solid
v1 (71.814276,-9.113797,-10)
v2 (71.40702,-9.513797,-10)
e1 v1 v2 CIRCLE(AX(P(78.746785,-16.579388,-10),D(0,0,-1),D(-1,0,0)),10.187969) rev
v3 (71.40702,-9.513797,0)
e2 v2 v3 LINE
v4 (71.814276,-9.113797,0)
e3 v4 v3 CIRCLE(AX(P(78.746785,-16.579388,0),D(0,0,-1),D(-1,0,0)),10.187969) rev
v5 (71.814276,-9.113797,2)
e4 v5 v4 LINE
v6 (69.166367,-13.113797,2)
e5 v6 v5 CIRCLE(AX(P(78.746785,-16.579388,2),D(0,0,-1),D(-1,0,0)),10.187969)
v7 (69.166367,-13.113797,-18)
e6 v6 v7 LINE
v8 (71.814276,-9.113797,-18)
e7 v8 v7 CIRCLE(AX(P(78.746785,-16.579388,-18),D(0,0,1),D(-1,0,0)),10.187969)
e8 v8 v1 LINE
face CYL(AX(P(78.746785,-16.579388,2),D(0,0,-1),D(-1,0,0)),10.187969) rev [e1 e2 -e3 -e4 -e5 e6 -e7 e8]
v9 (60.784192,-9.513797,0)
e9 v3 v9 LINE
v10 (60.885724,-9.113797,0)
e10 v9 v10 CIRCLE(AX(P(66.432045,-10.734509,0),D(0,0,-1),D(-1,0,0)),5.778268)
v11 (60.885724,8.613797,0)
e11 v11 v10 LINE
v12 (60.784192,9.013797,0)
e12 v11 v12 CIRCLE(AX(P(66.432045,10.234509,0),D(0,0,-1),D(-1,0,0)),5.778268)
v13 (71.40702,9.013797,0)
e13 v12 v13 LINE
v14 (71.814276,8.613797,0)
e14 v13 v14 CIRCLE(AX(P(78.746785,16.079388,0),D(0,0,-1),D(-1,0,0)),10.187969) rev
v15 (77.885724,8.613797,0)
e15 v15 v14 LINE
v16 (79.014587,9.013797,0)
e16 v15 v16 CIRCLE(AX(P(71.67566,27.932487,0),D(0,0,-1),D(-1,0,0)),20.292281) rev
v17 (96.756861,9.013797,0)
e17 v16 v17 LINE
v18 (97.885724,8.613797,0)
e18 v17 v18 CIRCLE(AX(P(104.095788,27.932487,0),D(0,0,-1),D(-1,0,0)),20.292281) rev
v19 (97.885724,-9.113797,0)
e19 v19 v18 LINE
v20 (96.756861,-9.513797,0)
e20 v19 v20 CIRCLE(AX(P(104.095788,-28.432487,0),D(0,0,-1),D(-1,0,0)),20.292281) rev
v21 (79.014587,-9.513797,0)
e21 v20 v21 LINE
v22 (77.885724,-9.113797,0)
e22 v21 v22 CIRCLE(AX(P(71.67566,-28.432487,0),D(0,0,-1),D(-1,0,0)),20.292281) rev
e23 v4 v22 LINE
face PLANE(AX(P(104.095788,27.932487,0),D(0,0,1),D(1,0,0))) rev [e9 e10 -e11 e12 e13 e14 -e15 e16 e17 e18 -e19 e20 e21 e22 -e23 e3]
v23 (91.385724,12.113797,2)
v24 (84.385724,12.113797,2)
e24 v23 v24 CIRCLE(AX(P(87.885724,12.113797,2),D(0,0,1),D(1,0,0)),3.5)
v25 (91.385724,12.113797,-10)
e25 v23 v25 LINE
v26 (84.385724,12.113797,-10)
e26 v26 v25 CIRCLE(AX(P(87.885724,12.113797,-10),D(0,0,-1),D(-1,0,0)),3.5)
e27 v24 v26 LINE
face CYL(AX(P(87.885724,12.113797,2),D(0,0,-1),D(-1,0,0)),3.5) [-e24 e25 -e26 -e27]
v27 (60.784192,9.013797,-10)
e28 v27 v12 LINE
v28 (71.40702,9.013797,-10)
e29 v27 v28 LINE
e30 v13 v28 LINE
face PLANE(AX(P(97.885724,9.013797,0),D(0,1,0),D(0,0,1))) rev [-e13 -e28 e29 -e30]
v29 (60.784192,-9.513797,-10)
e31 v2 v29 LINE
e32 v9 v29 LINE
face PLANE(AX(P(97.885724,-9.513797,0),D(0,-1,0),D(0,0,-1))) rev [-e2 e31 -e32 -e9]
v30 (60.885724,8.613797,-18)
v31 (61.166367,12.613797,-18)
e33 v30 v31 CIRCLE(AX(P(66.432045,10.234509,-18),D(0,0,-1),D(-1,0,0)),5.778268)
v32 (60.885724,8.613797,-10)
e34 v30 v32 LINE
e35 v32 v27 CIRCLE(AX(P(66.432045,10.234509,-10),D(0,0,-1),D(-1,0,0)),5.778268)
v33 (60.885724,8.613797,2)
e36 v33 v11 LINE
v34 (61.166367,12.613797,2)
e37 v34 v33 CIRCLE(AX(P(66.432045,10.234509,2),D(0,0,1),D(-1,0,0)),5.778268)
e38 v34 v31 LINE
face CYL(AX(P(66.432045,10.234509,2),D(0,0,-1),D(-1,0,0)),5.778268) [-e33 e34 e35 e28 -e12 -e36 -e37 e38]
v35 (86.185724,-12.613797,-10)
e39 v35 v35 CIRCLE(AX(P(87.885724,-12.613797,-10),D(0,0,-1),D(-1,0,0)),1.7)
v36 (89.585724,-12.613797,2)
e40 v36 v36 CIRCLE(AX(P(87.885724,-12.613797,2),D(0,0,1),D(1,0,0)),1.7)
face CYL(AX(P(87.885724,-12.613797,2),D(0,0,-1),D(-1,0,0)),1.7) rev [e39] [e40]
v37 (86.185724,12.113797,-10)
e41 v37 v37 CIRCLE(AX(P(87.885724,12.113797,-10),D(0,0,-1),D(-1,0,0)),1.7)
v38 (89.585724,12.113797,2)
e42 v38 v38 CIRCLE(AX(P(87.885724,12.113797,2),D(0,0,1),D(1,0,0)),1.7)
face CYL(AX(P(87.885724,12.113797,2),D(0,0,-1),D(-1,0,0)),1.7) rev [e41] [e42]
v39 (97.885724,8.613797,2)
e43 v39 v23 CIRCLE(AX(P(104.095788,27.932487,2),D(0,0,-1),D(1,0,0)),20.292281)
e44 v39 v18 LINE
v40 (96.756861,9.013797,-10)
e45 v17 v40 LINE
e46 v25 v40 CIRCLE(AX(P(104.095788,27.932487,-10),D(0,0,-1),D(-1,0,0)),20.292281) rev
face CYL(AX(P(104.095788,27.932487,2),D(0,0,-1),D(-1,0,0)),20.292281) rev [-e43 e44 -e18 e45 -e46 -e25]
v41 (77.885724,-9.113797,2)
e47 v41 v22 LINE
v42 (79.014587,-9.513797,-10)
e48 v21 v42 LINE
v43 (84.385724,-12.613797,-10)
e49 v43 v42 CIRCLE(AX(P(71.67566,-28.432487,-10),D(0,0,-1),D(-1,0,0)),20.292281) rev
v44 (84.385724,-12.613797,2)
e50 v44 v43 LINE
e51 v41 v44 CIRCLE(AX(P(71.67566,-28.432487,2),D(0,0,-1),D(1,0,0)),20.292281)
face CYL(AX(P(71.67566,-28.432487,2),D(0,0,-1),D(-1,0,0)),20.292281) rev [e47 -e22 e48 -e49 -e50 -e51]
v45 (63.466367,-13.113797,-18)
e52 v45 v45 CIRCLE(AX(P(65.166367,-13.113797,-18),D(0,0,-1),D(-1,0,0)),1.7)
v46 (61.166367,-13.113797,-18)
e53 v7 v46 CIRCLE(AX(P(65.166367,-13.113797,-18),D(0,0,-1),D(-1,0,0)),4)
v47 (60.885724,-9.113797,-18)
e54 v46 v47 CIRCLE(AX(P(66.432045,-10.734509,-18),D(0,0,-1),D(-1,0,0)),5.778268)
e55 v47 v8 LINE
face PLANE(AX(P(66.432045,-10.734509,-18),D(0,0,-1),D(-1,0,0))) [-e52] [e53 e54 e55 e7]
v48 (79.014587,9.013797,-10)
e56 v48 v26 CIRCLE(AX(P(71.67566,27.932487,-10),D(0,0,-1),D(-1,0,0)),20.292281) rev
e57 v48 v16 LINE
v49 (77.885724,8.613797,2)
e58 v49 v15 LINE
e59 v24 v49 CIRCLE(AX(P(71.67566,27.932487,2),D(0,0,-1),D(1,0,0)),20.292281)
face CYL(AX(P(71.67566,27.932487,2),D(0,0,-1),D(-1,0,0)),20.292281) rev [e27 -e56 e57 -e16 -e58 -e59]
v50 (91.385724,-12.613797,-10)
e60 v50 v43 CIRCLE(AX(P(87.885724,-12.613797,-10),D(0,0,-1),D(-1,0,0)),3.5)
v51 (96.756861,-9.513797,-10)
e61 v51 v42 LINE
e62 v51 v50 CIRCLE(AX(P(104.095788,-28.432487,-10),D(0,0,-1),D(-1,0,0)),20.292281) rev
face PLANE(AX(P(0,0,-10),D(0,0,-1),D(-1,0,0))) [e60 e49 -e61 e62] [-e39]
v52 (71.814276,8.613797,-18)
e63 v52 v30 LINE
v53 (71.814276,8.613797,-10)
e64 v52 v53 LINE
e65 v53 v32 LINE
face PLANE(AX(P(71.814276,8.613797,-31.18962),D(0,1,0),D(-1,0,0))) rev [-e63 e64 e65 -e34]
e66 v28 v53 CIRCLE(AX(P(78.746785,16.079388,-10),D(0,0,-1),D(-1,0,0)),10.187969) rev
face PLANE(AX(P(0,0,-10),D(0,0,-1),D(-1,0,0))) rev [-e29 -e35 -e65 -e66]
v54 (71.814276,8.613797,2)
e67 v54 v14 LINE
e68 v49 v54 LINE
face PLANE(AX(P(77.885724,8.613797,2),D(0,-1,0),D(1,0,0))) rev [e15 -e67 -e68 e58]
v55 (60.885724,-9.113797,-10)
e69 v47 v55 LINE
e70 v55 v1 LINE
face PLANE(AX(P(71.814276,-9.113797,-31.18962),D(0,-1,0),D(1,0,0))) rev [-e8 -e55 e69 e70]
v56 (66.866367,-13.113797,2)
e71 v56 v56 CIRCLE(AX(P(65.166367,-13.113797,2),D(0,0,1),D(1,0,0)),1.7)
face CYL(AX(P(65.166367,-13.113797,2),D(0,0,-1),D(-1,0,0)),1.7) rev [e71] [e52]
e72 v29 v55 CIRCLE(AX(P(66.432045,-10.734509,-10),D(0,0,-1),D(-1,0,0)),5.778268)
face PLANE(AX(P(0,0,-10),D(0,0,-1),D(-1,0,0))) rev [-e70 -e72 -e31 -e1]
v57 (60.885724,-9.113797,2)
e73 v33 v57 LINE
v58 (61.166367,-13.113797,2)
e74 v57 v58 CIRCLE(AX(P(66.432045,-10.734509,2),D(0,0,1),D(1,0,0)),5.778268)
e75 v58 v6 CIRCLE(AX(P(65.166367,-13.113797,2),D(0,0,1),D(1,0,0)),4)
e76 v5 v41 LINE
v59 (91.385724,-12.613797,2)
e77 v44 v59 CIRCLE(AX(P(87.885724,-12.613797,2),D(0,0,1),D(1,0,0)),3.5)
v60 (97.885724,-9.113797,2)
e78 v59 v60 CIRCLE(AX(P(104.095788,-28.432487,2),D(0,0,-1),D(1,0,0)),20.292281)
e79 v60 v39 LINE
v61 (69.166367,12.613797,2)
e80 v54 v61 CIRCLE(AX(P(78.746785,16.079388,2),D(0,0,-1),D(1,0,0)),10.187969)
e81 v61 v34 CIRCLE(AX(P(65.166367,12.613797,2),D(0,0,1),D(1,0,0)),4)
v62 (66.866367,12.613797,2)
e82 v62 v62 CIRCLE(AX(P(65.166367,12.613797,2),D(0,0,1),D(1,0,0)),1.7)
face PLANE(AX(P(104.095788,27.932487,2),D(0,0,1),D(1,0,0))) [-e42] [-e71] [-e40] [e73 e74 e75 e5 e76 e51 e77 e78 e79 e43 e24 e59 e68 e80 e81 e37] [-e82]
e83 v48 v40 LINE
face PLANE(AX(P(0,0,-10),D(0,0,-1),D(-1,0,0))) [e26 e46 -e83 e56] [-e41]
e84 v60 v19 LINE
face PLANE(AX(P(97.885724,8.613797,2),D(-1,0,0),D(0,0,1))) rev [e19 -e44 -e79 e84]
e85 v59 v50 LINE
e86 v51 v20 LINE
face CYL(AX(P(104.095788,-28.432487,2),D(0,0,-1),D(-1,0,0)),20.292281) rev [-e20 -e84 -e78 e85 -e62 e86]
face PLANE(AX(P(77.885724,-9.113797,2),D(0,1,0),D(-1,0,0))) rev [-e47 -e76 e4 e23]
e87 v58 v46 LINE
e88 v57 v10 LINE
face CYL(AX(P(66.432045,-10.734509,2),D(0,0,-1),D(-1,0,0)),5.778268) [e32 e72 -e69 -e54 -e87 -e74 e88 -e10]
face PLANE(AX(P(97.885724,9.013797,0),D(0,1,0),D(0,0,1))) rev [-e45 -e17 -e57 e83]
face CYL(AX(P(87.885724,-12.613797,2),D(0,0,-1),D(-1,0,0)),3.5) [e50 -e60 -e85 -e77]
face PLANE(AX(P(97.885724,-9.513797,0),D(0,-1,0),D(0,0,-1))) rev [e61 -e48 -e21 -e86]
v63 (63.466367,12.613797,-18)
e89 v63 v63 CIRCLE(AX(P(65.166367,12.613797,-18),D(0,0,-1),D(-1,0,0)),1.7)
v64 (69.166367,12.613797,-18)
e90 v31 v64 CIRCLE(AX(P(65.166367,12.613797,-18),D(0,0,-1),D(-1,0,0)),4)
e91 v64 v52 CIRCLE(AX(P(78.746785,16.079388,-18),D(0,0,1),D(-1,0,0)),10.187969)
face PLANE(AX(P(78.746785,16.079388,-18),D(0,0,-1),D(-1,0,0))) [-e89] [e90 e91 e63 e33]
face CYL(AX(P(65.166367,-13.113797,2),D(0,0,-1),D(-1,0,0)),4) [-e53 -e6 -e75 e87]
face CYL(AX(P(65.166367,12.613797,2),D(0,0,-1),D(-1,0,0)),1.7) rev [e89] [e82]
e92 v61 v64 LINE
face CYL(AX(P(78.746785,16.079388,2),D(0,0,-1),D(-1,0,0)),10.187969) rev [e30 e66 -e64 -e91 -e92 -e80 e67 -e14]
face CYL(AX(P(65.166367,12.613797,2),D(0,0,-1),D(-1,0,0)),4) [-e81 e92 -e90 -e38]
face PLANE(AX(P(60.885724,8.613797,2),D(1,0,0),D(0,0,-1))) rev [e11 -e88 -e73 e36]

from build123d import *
from build123d.topology import SkipClean

# Parameters (mm, degrees)
CROQUIS1_R              = 1.7
SALIENTE_EXTRUIR1_DEPTH = 2
SALIENTE_EXTRUIR2_START = 10
CROQUIS2_R              = 1.7
SALIENTE_EXTRUIR2_DEPTH = 10
SALIENTE_EXTRUIR3_START = 8
CROQUIS3_R              = 1.7
SALIENTE_EXTRUIR3_DEPTH = 8
CROQUIS4_W              = 37.50862419
CROQUIS4_H              = 18.52759439
CORTAR_EXTRUIR1_DEPTH   = 10


with BuildPart() as part:
    # Croquis1 → Saliente-Extruir1 (new body)
    with BuildSketch(Plane.XY):
        with BuildLine():
            Line((77.885724234, 8.613797195), (71.814275766, 8.613797195))
            ThreePointArc((71.814275766, 8.613797195), (70.251539785, 10.455729214), (69.166367035, 12.613797195))
            ThreePointArc((69.166367035, 12.613797195), (65.166367035, 16.613797195), (61.166367035, 12.613797195))
            ThreePointArc((61.166367035, 12.613797195), (60.667946699, 10.638921667), (60.885724234, 8.613797195))
            Line((60.885724234, 8.613797195), (60.885724234, -9.113797195))
            ThreePointArc((60.885724234, -9.113797195), (60.667946699, -11.138921667), (61.166367035, -13.113797195))
            ThreePointArc((61.166367035, -13.113797195), (65.166367035, -17.113797195), (69.166367035, -13.113797195))
            ThreePointArc((69.166367035, -13.113797195), (70.251539785, -10.955729214), (71.814275766, -9.113797195))
            Line((71.814275766, -9.113797195), (77.885724234, -9.113797195))
            ThreePointArc((77.885724234, -9.113797195), (81.296227313, -10.565720048), (84.385724234, -12.613797195))
            ThreePointArc((84.385724234, -12.613797195), (87.885724234, -16.113797195), (91.385724234, -12.613797195))
            ThreePointArc((91.385724234, -12.613797195), (94.475221154, -10.565720048), (97.885724234, -9.113797195))
            Line((97.885724234, -9.113797195), (97.885724234, 8.613797195))
            ThreePointArc((97.885724234, 8.613797195), (94.475221154, 10.065720048), (91.385724234, 12.113797195))
            ThreePointArc((91.385724234, 12.113797195), (87.885724234, 15.613797195), (84.385724234, 12.113797195))
            ThreePointArc((84.385724234, 12.113797195), (81.296227313, 10.065720048), (77.885724234, 8.613797195))
        make_face()
        with Locations((65.166367035, -13.113797195)):
            Circle(CROQUIS1_R, mode=Mode.SUBTRACT)
        with Locations((65.166367035, 12.613797195)):
            Circle(CROQUIS1_R, mode=Mode.SUBTRACT)
        with Locations((87.885724234, 12.113797195)):
            Circle(CROQUIS1_R, mode=Mode.SUBTRACT)
        with Locations((87.885724234, -12.613797195)):
            Circle(CROQUIS1_R, mode=Mode.SUBTRACT)
    extrude(amount=SALIENTE_EXTRUIR1_DEPTH)

    # Croquis2 → Saliente-Extruir2 (add)
    # profile 1 of 4: a face of its own
    with SkipClean():  # the faces are left unmerged after this step: merging them gives an invalid solid
        with BuildSketch(Plane(origin=(0, 0, 0), x_dir=(-1, 0, 0), z_dir=(0, 0, -1)).offset(SALIENTE_EXTRUIR2_START)):
            with BuildLine():
                Line((-97.885724234, -9.113797195), (-77.885724234, -9.113797195))
                ThreePointArc((-77.885724234, -9.113797195), (-81.296227313, -10.565720048), (-84.385724234, -12.613797195))
                ThreePointArc((-84.385724234, -12.613797195), (-87.885724234, -16.113797195), (-91.385724234, -12.613797195))
                ThreePointArc((-91.385724234, -12.613797195), (-94.475221154, -10.565720048), (-97.885724234, -9.113797195))
            make_face()
            with Locations((-87.885724234, -12.613797195)):
                Circle(CROQUIS2_R, mode=Mode.SUBTRACT)
        # profile 2 of 4: a face of its own
        with BuildSketch(Plane(origin=(0, 0, 0), x_dir=(-1, 0, 0), z_dir=(0, 0, -1)).offset(SALIENTE_EXTRUIR2_START)):
            with BuildLine():
                Line((-97.885724234, 8.613797195), (-77.885724234, 8.613797195))
                ThreePointArc((-77.885724234, 8.613797195), (-81.296227313, 10.065720048), (-84.385724234, 12.113797195))
                ThreePointArc((-84.385724234, 12.113797195), (-87.885724234, 15.613797195), (-91.385724234, 12.113797195))
                ThreePointArc((-91.385724234, 12.113797195), (-94.475221154, 10.065720048), (-97.885724234, 8.613797195))
            make_face()
            with Locations((-87.885724234, 12.113797195)):
                Circle(CROQUIS2_R, mode=Mode.SUBTRACT)
        # profile 3 of 4: a face of its own
        with BuildSketch(Plane(origin=(0, 0, 0), x_dir=(-1, 0, 0), z_dir=(0, 0, -1)).offset(SALIENTE_EXTRUIR2_START)):
            with BuildLine():
                Line((-71.814275766, 8.613797195), (-60.885724234, 8.613797195))
                ThreePointArc((-60.885724234, 8.613797195), (-60.667946699, 10.638921667), (-61.166367035, 12.613797195))
                ThreePointArc((-61.166367035, 12.613797195), (-65.166367035, 16.613797195), (-69.166367035, 12.613797195))
                ThreePointArc((-69.166367035, 12.613797195), (-70.251539785, 10.455729214), (-71.814275766, 8.613797195))
            make_face()
            with Locations((-65.166367035, 12.613797195)):
                Circle(CROQUIS2_R, mode=Mode.SUBTRACT)
        # profile 4 of 4: a face of its own
        with BuildSketch(Plane(origin=(0, 0, 0), x_dir=(-1, 0, 0), z_dir=(0, 0, -1)).offset(SALIENTE_EXTRUIR2_START)):
            with BuildLine():
                Line((-71.814275766, -9.113797195), (-60.885724234, -9.113797195))
                ThreePointArc((-60.885724234, -9.113797195), (-60.667946699, -11.138921667), (-61.166367035, -13.113797195))
                ThreePointArc((-61.166367035, -13.113797195), (-65.166367035, -17.113797195), (-69.166367035, -13.113797195))
                ThreePointArc((-69.166367035, -13.113797195), (-70.251539785, -10.955729214), (-71.814275766, -9.113797195))
            make_face()
            with Locations((-65.166367035, -13.113797195)):
                Circle(CROQUIS2_R, mode=Mode.SUBTRACT)
        extrude(amount=-SALIENTE_EXTRUIR2_DEPTH)

    # Croquis3 → Saliente-Extruir3 (add)
    # profile 1 of 2: a face of its own
    with SkipClean():  # the faces are left unmerged after this step: merging them gives an invalid solid
        with BuildSketch(Plane(origin=(0, 0, -10), x_dir=(-1, 0, 0), z_dir=(0, 0, -1)).offset(SALIENTE_EXTRUIR3_START)):
            with BuildLine():
                Line((-71.814275766, 8.613797195), (-60.885724234, 8.613797195))
                ThreePointArc((-60.885724234, 8.613797195), (-60.667946699, 10.638921667), (-61.166367035, 12.613797195))
                ThreePointArc((-61.166367035, 12.613797195), (-65.166367035, 16.613797195), (-69.166367035, 12.613797195))
                ThreePointArc((-69.166367035, 12.613797195), (-70.251539785, 10.455729214), (-71.814275766, 8.613797195))
            make_face()
            with Locations((-65.166367035, 12.613797195)):
                Circle(CROQUIS3_R, mode=Mode.SUBTRACT)
        # profile 2 of 2: a face of its own
        with BuildSketch(Plane(origin=(0, 0, -10), x_dir=(-1, 0, 0), z_dir=(0, 0, -1)).offset(SALIENTE_EXTRUIR3_START)):
            with BuildLine():
                Line((-60.885724234, -9.113797195), (-71.814275766, -9.113797195))
                ThreePointArc((-71.814275766, -9.113797195), (-70.251539785, -10.955729214), (-69.166367035, -13.113797195))
                ThreePointArc((-69.166367035, -13.113797195), (-65.166367035, -17.113797195), (-61.166367035, -13.113797195))
                ThreePointArc((-61.166367035, -13.113797195), (-60.667946699, -11.138921667), (-60.885724234, -9.113797195))
            make_face()
            with Locations((-65.166367035, -13.113797195)):
                Circle(CROQUIS3_R, mode=Mode.SUBTRACT)
        extrude(amount=-SALIENTE_EXTRUIR3_DEPTH)

    # Croquis4 → Cortar-Extruir1 (cut)
    with SkipClean():  # the faces are left unmerged after this step: merging them gives an invalid solid
        with BuildSketch(Plane(origin=(0, 0, -10), x_dir=(-1, 0, 0), z_dir=(0, 0, -1))):
            with Locations((-79.131412139, -0.25)):
                Rectangle(CROQUIS4_W, CROQUIS4_H)
        extrude(amount=-CORTAR_EXTRUIR1_DEPTH, mode=Mode.SUBTRACT)


solid = part.part
